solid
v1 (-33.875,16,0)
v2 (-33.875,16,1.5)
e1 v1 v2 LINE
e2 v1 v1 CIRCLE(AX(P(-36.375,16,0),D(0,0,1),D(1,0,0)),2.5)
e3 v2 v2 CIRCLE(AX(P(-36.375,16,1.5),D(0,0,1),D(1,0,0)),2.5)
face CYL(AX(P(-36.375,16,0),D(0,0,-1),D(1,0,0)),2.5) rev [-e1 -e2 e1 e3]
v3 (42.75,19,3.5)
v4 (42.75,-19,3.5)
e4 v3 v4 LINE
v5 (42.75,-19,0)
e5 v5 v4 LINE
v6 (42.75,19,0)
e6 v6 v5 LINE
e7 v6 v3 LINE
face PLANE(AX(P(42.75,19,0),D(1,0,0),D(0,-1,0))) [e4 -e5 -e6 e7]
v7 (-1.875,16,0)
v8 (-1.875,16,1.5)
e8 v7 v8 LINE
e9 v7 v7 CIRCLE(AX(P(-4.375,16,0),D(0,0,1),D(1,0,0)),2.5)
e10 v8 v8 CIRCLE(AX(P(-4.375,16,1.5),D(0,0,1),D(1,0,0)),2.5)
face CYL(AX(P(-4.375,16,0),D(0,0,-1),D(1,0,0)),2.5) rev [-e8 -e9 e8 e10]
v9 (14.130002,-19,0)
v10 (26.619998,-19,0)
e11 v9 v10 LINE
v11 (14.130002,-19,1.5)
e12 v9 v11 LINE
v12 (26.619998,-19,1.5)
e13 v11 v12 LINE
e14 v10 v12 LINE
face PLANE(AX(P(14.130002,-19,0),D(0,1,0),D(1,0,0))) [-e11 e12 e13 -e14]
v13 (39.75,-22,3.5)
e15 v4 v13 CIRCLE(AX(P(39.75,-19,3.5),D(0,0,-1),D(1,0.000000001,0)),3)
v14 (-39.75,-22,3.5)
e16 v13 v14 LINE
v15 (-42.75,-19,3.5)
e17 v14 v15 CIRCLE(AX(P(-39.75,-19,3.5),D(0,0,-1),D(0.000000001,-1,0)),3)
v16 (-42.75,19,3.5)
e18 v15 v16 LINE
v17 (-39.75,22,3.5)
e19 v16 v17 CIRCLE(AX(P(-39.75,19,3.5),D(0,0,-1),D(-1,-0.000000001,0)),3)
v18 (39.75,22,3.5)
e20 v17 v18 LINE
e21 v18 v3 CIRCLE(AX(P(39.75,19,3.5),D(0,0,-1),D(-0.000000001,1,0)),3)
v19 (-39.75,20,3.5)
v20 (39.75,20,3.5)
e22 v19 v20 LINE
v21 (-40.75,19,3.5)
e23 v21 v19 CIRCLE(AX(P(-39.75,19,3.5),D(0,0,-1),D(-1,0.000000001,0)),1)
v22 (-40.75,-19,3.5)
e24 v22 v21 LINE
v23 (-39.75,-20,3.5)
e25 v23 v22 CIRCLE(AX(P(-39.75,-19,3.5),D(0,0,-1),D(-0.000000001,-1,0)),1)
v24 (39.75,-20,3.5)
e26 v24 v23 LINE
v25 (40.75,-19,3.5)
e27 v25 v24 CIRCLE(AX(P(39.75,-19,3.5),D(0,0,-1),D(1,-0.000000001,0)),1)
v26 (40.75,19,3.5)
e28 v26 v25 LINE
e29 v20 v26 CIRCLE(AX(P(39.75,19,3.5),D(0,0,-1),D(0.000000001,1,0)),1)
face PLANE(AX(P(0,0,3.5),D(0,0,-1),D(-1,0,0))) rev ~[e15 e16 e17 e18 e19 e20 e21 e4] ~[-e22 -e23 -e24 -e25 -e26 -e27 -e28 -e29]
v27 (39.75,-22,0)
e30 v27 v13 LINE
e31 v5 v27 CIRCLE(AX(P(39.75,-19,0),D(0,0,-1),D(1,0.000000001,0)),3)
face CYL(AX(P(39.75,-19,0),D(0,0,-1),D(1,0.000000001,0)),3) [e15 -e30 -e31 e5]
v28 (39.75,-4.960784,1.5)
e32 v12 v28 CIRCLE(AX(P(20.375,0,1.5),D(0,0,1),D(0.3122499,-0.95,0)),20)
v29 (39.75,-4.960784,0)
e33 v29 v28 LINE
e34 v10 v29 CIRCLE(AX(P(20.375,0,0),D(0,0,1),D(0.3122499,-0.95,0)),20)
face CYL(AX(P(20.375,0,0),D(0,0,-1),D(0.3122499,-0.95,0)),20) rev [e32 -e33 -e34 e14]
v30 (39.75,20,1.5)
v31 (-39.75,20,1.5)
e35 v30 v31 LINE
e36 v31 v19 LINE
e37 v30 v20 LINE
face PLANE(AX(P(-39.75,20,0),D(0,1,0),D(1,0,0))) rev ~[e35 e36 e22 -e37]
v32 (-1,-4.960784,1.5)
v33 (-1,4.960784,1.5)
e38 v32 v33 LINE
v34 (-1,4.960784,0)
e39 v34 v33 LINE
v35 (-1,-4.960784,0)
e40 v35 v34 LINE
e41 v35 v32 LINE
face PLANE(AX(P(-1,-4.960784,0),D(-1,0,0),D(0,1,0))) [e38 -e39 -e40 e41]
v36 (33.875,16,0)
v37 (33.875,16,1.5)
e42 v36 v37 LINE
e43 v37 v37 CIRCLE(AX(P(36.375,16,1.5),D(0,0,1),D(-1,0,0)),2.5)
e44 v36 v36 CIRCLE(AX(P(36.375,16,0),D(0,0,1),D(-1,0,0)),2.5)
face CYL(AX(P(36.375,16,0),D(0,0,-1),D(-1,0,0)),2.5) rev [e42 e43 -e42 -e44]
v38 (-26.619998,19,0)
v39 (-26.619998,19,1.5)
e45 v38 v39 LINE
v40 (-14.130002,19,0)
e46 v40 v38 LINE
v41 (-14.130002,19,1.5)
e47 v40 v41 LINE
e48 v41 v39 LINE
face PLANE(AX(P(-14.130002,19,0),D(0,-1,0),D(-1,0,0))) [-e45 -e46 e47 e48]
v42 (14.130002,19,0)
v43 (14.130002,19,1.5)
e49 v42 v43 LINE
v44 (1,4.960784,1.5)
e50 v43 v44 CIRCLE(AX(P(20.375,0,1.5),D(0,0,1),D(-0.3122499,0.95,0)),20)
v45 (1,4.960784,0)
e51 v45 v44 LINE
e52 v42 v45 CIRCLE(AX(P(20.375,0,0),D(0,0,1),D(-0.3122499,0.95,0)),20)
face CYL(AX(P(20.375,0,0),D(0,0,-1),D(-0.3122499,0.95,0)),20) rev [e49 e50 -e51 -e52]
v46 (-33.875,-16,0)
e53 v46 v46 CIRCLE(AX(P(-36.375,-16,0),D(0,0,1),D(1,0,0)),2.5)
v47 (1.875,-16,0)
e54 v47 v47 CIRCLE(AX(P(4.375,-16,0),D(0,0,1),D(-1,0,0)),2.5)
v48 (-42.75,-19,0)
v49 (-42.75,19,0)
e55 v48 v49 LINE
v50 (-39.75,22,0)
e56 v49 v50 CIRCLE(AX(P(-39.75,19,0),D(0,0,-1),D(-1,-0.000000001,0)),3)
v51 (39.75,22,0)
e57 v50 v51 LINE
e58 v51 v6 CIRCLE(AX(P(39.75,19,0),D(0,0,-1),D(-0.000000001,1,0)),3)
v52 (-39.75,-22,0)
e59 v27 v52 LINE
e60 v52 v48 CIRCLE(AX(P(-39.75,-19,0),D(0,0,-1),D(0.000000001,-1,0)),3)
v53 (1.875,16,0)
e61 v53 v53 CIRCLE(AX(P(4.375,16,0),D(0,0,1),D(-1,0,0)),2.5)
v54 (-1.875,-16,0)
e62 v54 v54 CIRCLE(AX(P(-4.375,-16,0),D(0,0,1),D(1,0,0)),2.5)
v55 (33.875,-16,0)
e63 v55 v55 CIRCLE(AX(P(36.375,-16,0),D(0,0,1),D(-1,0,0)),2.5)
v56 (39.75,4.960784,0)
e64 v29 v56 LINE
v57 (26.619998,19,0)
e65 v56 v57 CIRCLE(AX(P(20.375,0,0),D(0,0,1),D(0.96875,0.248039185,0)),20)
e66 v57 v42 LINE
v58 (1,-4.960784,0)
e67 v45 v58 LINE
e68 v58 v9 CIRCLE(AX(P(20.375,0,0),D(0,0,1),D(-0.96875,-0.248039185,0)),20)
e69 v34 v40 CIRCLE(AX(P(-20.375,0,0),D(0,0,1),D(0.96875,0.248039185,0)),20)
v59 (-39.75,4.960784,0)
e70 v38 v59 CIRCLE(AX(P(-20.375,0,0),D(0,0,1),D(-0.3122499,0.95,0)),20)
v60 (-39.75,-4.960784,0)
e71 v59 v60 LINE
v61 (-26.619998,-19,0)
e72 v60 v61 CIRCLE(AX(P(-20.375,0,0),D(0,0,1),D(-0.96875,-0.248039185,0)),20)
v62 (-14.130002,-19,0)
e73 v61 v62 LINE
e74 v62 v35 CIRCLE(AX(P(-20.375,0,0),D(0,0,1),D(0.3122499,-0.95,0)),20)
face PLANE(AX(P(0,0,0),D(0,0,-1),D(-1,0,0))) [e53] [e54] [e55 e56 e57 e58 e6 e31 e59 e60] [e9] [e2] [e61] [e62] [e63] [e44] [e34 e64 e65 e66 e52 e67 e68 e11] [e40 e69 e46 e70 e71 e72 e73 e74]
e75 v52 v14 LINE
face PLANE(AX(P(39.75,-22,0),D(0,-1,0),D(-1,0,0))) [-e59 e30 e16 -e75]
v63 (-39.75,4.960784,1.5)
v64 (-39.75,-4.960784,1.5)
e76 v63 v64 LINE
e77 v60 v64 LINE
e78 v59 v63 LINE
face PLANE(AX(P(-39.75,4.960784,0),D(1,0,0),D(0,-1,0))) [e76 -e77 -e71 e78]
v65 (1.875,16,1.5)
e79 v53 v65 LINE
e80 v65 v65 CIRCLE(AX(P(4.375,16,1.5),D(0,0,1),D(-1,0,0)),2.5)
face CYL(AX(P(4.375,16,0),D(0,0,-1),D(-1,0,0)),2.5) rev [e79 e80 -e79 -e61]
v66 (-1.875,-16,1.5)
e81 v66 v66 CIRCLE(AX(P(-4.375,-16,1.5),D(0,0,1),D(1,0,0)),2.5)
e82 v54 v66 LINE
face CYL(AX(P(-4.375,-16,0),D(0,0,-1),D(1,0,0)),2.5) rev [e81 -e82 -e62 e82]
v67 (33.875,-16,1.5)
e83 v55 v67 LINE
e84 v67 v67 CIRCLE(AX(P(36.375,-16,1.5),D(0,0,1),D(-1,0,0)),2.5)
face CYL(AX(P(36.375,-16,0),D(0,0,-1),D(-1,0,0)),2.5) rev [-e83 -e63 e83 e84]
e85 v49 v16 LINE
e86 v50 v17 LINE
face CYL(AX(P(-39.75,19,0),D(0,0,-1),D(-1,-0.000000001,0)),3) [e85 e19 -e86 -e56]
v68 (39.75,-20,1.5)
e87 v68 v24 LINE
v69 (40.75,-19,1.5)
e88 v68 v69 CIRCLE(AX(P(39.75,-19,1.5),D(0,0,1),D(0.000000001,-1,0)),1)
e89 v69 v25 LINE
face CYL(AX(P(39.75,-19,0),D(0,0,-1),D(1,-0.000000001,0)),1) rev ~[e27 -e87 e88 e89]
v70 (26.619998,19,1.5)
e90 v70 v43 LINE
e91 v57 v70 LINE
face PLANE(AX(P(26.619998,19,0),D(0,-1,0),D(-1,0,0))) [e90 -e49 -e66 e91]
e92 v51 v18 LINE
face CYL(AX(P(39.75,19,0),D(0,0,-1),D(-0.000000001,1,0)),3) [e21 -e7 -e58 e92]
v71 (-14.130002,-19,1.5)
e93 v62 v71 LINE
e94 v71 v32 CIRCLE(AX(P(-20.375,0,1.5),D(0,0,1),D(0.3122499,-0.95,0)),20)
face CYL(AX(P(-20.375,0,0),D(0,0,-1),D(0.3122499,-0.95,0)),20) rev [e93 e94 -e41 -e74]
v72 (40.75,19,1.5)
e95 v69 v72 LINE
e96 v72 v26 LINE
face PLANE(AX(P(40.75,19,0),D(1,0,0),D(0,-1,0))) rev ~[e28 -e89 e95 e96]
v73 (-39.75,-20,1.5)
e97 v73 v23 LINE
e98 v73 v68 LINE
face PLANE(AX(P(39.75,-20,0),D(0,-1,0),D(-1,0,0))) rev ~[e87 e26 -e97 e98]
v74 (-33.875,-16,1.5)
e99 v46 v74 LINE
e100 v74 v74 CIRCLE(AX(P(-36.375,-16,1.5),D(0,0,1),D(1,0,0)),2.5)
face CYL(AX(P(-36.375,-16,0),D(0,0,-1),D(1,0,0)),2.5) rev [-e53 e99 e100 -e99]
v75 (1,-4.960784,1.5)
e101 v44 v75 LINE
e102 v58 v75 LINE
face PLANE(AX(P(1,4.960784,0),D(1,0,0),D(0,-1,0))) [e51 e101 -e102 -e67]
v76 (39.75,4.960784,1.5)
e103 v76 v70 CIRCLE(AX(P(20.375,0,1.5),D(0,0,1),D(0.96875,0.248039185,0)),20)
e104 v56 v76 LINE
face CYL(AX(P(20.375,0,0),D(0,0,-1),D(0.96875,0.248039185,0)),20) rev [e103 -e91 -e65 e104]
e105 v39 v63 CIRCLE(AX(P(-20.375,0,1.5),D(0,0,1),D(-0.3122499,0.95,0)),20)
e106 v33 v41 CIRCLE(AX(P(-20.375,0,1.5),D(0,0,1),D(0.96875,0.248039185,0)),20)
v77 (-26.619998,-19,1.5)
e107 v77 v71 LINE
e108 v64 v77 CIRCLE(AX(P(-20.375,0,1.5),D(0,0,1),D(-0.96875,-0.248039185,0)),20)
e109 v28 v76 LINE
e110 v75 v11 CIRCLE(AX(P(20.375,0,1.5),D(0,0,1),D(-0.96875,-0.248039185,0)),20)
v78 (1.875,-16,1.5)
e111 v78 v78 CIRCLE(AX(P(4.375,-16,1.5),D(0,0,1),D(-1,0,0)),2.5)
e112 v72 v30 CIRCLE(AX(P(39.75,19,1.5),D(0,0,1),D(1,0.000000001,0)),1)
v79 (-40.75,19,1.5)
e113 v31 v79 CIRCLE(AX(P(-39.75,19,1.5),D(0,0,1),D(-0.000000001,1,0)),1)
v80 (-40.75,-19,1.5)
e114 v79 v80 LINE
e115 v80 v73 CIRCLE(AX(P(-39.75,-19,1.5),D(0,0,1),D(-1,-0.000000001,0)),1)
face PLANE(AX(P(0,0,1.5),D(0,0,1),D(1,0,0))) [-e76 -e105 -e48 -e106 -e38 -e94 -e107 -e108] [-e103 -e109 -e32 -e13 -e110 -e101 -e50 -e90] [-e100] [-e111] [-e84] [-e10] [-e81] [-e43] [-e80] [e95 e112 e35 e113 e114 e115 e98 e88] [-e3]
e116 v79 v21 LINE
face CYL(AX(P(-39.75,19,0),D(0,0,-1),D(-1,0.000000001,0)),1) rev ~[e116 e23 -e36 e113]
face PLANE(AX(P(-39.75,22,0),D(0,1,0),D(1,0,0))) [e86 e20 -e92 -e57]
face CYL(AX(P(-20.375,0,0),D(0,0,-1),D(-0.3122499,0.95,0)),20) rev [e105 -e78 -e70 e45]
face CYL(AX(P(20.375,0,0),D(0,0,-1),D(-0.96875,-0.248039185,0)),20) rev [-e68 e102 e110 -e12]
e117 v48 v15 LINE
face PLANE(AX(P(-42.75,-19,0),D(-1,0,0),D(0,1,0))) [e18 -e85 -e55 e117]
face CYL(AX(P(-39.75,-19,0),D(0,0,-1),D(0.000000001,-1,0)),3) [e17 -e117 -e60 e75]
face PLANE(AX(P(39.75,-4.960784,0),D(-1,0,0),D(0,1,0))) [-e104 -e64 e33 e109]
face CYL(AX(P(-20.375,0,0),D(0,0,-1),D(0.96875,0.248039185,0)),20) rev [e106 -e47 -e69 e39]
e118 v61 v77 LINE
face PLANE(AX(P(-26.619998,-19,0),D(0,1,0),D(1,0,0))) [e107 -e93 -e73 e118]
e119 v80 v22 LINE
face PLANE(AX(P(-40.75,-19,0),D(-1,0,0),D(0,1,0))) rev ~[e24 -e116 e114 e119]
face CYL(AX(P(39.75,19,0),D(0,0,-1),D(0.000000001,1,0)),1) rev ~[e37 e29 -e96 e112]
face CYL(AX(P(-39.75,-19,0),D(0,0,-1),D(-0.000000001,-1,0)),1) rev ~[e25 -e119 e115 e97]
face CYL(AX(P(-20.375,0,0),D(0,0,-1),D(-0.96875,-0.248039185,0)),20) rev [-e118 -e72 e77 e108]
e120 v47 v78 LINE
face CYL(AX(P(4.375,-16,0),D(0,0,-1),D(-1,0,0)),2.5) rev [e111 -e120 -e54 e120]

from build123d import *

# Parameters (mm, degrees)
SKETCH1_R           = 2.5
BOSS_EXTRUDE1_DEPTH = 1.5
BOSS_EXTRUDE2_DEPTH = 3.5


with BuildPart() as part:
    # Sketch1 → Boss-Extrude1 (new body)
    with BuildSketch(Plane.XY):
        with BuildLine():
            Line((39.75, 20), (-39.75, 20))
            ThreePointArc((-39.75, 20), (-40.457106781, 19.707106781), (-40.75, 19))
            Line((-40.75, 19), (-40.75, -19))
            ThreePointArc((-40.75, -19), (-40.457106781, -19.707106781), (-39.75, -20))
            Line((-39.75, -20), (39.75, -20))
            ThreePointArc((39.75, -20), (40.457106781, -19.707106781), (40.75, -19))
            Line((40.75, -19), (40.75, 19))
            ThreePointArc((40.75, 19), (40.457106781, 19.707106781), (39.75, 20))
        make_face()
        with Locations((-36.375, 16)):
            Circle(SKETCH1_R, mode=Mode.SUBTRACT)
        with Locations((-4.375, 16)):
            Circle(SKETCH1_R, mode=Mode.SUBTRACT)
        with Locations((-4.375, -16)):
            Circle(SKETCH1_R, mode=Mode.SUBTRACT)
        with Locations((-36.375, -16)):
            Circle(SKETCH1_R, mode=Mode.SUBTRACT)
        with Locations(Location((36.375, -16, 0), (0, 0, 180))):
            Circle(SKETCH1_R, mode=Mode.SUBTRACT)
        with Locations(Location((4.375, -16, 0), (0, 0, 180))):
            Circle(SKETCH1_R, mode=Mode.SUBTRACT)
        with Locations(Location((4.375, 16, 0), (0, 0, 180))):
            Circle(SKETCH1_R, mode=Mode.SUBTRACT)
        with Locations(Location((36.375, 16, 0), (0, 0, 180))):
            Circle(SKETCH1_R, mode=Mode.SUBTRACT)
        with BuildLine():
            Line((26.619997998, 19), (14.130002002, 19))
            ThreePointArc((14.130002002, 19), (5.767776688, 13.661223485), (1, 4.960783708))
            Line((1, 4.960783708), (1, -4.960783708))
            ThreePointArc((1, -4.960783708), (5.767776688, -13.661223485), (14.130002002, -19))
            Line((14.130002002, -19), (26.619997998, -19))
            ThreePointArc((26.619997998, -19), (34.982223312, -13.661223485), (39.75, -4.960783708))
            Line((39.75, -4.960783708), (39.75, 4.960783708))
            ThreePointArc((39.75, 4.960783708), (34.982223312, 13.661223485), (26.619997998, 19))
        make_face(mode=Mode.SUBTRACT)
        with BuildLine():
            Line((-39.75, 4.960783708), (-39.75, -4.960783708))
            ThreePointArc((-39.75, -4.960783708), (-34.982223312, -13.661223485), (-26.619997998, -19))
            Line((-26.619997998, -19), (-14.130002002, -19))
            ThreePointArc((-14.130002002, -19), (-5.767776688, -13.661223485), (-1, -4.960783708))
            Line((-1, -4.960783708), (-1, 4.960783708))
            ThreePointArc((-1, 4.960783708), (-5.767776688, 13.661223485), (-14.130002002, 19))
            Line((-14.130002002, 19), (-26.619997998, 19))
            ThreePointArc((-26.619997998, 19), (-34.982223312, 13.661223485), (-39.75, 4.960783708))
        make_face(mode=Mode.SUBTRACT)
    extrude(amount=BOSS_EXTRUDE1_DEPTH)

    # Sketch2 → Boss-Extrude2 (add)
    with BuildSketch(Plane(origin=(0, 0, 0), x_dir=(-1, 0, 0), z_dir=(0, 0, -1))):
        with BuildLine():
            Line((39.75, 22), (-39.75, 22))
            ThreePointArc((-39.75, 22), (-41.871320344, 21.121320344), (-42.75, 19))
            Line((-42.75, 19), (-42.75, -19))
            ThreePointArc((-42.75, -19), (-41.871320344, -21.121320344), (-39.75, -22))
            Line((-39.75, -22), (39.75, -22))
            ThreePointArc((39.75, -22), (41.871320344, -21.121320344), (42.75, -19))
            Line((42.75, -19), (42.75, 19))
            ThreePointArc((42.75, 19), (41.871320344, 21.121320344), (39.75, 22))
        make_face()
        with BuildLine():
            Line((40.75, -19), (40.75, 19))
            ThreePointArc((40.75, 19), (40.457106781, 19.707106781), (39.75, 20))
            Line((39.75, 20), (-39.75, 20))
            ThreePointArc((-39.75, 20), (-40.457106781, 19.707106781), (-40.75, 19))
            Line((-40.75, 19), (-40.75, -19))
            ThreePointArc((-40.75, -19), (-40.457106781, -19.707106781), (-39.75, -20))
            Line((-39.75, -20), (39.75, -20))
            ThreePointArc((39.75, -20), (40.457106781, -19.707106781), (40.75, -19))
        make_face(mode=Mode.SUBTRACT)
    extrude(amount=-BOSS_EXTRUDE2_DEPTH)


solid = part.part
